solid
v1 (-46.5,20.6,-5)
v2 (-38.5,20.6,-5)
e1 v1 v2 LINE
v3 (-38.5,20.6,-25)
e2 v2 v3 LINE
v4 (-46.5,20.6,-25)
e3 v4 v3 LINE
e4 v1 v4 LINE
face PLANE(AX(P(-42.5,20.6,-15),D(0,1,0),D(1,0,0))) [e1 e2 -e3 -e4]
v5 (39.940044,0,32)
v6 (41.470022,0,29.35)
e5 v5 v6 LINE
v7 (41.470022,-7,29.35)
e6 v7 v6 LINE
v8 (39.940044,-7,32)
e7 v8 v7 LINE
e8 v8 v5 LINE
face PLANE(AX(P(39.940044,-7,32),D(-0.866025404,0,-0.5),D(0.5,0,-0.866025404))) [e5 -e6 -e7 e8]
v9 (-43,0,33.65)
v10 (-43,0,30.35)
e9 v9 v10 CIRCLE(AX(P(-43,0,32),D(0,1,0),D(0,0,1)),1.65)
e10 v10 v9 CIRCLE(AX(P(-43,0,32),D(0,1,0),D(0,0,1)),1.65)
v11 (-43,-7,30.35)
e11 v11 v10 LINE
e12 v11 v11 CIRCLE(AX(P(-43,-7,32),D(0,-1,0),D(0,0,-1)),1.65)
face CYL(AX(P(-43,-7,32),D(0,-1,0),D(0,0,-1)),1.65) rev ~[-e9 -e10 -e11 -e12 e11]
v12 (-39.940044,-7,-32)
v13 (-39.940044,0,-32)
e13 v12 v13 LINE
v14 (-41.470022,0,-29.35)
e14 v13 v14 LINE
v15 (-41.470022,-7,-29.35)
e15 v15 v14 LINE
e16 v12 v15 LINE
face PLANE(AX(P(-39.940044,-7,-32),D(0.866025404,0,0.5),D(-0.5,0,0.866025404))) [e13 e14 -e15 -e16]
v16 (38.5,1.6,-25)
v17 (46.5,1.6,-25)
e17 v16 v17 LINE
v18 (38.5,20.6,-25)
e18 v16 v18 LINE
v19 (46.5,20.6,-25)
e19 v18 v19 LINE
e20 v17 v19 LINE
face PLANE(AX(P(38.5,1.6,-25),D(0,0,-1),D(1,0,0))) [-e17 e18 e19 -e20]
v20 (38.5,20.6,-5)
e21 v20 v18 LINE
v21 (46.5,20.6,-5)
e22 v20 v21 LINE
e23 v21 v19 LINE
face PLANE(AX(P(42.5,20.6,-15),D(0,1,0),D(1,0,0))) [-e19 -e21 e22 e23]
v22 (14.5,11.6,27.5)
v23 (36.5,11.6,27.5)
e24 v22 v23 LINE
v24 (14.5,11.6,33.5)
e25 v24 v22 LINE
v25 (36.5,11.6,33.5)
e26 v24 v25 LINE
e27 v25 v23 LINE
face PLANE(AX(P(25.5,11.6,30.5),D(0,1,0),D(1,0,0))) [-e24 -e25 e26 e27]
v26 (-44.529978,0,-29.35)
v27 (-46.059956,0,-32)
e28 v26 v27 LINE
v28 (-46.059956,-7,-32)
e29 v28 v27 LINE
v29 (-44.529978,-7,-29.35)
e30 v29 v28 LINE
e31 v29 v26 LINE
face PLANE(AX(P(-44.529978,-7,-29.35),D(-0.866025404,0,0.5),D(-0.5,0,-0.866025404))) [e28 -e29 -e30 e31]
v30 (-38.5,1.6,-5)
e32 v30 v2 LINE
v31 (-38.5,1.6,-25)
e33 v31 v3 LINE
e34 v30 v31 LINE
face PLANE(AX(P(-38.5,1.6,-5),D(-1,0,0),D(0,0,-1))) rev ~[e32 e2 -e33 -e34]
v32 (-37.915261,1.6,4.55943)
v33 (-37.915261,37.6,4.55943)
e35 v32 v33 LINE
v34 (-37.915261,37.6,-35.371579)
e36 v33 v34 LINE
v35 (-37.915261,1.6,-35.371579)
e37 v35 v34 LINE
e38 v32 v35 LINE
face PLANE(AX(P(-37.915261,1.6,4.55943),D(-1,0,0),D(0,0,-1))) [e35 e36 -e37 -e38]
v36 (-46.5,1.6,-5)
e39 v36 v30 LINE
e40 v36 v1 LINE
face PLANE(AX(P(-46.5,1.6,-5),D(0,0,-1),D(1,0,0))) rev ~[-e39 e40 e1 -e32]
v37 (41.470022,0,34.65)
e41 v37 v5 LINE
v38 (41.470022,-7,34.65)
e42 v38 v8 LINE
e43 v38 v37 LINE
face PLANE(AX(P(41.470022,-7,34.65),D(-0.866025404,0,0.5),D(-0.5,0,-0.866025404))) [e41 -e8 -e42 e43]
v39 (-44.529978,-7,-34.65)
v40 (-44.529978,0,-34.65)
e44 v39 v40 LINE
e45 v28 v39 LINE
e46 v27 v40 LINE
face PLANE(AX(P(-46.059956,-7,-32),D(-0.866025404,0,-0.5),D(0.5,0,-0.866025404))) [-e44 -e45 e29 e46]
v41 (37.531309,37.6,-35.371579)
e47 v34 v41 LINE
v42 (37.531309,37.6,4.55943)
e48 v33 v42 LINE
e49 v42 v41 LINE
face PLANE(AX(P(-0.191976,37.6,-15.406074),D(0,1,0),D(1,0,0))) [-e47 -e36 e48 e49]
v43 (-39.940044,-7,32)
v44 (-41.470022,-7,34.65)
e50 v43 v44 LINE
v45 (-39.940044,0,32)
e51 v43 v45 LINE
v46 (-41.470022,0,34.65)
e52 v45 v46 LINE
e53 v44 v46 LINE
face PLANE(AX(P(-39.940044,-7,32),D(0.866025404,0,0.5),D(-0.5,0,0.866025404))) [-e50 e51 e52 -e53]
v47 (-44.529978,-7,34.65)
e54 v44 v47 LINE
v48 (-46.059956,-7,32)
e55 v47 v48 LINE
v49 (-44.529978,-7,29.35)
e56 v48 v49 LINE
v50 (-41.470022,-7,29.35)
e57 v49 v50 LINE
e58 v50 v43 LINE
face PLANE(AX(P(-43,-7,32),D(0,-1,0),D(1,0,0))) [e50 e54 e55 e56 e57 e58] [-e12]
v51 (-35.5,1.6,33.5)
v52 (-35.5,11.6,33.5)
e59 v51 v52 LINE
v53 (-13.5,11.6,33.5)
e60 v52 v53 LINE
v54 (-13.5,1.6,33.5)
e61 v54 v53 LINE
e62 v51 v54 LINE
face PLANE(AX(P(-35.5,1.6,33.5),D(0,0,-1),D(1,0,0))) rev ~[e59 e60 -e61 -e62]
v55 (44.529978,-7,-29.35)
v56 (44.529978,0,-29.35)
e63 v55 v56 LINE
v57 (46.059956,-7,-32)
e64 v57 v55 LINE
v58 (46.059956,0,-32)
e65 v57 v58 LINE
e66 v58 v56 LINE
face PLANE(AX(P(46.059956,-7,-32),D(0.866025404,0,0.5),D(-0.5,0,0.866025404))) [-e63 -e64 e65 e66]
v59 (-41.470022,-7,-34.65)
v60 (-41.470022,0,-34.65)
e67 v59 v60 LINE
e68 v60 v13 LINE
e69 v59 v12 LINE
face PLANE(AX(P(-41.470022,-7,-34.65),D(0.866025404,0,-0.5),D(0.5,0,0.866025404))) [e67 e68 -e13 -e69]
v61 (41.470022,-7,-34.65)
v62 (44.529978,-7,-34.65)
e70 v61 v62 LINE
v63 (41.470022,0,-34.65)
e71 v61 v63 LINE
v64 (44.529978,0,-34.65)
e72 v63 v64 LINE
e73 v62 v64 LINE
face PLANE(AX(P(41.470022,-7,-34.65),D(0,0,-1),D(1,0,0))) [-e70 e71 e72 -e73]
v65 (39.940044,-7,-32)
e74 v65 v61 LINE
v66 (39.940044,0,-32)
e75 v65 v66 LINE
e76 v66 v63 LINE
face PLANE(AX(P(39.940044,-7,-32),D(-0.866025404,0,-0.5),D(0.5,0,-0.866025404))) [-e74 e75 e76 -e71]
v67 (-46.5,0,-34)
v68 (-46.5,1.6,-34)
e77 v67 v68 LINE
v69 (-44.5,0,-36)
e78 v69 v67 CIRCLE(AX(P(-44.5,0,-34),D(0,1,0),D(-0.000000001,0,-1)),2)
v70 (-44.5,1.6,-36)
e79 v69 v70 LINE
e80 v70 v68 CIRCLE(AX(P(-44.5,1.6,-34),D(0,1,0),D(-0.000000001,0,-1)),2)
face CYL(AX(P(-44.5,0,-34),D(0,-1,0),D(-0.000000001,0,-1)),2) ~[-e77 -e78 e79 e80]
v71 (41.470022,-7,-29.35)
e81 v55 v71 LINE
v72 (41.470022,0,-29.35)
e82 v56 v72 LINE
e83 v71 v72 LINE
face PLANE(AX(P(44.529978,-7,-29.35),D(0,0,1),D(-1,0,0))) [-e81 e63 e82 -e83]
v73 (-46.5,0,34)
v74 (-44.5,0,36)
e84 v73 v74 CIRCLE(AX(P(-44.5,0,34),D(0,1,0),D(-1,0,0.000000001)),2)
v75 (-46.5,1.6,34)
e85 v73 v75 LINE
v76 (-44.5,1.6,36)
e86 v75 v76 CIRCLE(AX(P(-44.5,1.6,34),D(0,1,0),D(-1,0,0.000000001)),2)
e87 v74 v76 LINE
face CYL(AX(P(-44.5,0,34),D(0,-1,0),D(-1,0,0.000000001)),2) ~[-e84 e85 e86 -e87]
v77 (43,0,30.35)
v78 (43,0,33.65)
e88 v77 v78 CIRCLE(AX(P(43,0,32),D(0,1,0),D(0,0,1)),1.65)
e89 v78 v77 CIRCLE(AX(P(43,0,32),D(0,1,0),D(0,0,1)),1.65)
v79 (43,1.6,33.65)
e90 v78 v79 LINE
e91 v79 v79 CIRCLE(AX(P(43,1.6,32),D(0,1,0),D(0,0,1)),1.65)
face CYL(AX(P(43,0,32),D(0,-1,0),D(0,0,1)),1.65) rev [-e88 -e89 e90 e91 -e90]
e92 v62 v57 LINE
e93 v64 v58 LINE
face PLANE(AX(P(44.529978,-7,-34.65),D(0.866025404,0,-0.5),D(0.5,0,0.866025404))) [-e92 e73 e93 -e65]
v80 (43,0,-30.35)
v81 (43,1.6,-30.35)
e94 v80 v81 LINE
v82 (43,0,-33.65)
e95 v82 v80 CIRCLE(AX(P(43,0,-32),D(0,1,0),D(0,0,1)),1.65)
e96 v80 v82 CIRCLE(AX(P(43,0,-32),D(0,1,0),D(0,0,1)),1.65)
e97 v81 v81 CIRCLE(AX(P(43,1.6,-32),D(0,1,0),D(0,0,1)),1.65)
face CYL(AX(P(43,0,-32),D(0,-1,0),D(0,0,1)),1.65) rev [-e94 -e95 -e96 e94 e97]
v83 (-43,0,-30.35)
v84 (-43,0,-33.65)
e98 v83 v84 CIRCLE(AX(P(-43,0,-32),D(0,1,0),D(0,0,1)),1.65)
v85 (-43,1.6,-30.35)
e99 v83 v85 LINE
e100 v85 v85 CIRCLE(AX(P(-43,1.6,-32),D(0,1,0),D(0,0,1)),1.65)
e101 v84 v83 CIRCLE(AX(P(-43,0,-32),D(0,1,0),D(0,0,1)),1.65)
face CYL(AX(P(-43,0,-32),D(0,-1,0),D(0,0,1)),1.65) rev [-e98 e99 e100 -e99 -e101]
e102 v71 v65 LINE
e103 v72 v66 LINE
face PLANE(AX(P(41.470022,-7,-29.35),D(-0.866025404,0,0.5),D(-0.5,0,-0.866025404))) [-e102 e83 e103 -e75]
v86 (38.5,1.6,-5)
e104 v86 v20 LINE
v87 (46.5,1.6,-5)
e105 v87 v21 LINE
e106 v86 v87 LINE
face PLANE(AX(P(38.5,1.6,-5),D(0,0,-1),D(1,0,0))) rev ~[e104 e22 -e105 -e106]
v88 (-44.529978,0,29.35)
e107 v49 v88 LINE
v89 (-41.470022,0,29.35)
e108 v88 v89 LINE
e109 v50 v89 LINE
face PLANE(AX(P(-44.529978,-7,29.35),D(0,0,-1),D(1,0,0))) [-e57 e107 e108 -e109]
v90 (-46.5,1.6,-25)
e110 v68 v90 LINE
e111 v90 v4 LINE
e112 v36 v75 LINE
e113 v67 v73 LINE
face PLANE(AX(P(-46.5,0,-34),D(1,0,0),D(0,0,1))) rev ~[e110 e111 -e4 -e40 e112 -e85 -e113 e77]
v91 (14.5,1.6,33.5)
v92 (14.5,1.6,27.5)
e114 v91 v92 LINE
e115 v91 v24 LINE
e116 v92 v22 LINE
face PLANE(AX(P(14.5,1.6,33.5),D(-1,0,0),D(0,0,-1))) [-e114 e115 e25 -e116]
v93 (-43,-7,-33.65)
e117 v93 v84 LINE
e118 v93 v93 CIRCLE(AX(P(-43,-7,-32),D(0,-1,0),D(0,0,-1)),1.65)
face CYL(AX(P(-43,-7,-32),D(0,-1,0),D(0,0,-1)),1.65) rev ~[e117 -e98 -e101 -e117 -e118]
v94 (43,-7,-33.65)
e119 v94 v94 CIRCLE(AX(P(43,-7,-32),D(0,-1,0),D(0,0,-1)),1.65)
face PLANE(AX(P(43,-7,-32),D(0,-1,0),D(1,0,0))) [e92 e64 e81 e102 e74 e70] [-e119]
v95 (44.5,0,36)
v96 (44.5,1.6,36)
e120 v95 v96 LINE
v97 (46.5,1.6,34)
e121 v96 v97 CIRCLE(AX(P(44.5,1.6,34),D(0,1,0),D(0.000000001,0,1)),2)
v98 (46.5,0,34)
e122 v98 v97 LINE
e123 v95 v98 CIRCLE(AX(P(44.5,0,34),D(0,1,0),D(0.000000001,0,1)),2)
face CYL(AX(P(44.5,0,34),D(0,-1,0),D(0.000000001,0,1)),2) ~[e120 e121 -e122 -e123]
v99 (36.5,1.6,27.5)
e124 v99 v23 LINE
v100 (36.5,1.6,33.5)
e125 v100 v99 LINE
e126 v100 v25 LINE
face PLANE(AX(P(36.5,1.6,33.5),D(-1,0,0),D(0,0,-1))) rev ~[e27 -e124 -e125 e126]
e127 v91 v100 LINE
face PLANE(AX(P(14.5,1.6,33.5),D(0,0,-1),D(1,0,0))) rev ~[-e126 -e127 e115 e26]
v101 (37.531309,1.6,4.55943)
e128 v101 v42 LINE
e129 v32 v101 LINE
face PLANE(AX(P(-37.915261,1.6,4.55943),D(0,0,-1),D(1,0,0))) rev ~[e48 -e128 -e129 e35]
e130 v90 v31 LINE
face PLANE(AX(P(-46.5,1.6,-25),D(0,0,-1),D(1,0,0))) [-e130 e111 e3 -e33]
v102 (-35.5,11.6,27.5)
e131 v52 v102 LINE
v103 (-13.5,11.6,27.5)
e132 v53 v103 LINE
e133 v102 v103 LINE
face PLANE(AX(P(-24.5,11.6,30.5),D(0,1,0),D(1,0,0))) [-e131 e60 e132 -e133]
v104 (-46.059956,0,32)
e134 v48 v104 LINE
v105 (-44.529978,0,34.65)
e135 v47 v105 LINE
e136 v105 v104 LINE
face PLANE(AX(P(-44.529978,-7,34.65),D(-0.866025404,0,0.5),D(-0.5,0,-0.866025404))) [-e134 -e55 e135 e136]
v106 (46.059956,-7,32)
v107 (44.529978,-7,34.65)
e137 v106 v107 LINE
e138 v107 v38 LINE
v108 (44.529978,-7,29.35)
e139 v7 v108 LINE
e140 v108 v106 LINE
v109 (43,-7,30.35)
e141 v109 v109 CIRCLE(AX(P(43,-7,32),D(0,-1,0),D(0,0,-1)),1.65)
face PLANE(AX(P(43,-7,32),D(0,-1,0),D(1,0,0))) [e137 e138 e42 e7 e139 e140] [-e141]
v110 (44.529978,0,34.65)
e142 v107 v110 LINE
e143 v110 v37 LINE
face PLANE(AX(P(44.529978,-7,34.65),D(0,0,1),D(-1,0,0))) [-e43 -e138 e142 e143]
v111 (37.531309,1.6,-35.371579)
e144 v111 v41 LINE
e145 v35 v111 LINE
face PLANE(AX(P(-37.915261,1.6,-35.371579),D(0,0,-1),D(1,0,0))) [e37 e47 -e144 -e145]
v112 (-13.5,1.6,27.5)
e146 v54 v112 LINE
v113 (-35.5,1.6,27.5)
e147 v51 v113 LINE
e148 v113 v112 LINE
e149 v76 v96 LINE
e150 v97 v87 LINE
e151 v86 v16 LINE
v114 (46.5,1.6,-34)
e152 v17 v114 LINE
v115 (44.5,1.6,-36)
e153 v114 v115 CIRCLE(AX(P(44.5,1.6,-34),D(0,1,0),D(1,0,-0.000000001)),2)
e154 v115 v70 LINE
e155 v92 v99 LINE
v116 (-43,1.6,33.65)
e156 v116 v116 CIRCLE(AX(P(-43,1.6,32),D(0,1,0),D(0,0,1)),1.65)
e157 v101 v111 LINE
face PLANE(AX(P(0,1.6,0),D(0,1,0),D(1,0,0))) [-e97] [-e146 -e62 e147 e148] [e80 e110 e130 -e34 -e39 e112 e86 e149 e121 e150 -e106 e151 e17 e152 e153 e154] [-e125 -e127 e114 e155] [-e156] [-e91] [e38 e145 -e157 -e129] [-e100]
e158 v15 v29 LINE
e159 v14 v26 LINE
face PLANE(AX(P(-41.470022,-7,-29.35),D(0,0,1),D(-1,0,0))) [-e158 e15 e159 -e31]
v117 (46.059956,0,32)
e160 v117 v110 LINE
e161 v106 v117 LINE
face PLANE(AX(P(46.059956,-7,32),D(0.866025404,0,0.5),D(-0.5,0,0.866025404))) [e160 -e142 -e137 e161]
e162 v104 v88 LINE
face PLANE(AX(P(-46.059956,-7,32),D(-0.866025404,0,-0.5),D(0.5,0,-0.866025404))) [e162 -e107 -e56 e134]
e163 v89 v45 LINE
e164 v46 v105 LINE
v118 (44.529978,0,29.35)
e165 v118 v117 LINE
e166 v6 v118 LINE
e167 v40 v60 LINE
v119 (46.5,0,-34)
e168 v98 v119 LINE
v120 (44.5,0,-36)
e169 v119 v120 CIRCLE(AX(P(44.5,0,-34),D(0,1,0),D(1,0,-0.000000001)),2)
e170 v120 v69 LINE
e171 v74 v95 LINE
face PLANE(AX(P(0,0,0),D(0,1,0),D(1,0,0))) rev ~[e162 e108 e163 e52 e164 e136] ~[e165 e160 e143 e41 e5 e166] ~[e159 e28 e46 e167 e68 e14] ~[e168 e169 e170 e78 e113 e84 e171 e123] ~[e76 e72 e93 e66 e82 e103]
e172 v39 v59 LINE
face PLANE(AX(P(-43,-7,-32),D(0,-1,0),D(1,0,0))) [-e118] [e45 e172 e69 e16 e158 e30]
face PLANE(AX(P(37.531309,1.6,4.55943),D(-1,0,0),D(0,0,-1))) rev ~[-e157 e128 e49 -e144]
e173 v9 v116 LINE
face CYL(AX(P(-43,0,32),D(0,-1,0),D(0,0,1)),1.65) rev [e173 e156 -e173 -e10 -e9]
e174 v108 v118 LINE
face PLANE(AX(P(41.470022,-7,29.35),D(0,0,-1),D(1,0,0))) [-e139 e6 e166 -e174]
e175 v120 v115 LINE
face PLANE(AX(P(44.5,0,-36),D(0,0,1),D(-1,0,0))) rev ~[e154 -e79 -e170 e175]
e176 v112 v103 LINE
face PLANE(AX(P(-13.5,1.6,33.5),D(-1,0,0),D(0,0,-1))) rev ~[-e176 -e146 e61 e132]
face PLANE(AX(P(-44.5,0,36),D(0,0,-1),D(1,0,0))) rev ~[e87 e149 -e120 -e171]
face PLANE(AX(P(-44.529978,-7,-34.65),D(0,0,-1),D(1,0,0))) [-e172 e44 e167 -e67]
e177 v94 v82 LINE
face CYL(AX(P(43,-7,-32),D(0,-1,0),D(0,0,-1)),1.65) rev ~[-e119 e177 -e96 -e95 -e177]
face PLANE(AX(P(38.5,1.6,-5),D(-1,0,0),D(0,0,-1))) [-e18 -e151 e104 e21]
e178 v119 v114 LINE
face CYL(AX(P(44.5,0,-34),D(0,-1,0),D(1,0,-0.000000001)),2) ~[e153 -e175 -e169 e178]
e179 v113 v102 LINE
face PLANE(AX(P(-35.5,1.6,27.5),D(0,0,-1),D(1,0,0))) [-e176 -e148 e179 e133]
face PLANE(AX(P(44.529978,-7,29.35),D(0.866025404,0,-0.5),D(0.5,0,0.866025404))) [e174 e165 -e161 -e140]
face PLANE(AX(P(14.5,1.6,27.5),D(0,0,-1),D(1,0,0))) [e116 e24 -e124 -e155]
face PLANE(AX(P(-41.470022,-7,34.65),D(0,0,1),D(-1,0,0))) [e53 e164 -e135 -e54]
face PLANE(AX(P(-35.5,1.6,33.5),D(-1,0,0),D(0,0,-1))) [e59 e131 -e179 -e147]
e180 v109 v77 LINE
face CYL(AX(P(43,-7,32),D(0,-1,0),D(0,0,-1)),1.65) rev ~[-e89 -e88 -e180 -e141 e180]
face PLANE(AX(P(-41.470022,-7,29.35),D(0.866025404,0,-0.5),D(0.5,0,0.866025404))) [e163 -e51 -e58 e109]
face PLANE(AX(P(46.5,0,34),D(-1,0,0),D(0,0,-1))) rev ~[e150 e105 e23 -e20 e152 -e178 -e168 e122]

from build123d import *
from build123d.topology import SkipClean

# Parameters (mm, degrees)
SKETCH_1_R      = 1.65
EXTRUDE_1_DEPTH = 1.6
SKETCH_2_W      = 22
SKETCH_2_H      = 6
EXTRUDE_2_DEPTH = 10
SKETCH_3_W      = 75.446569178
SKETCH_3_H      = 39.931008624
EXTRUDE_3_DEPTH = 36
SKETCH_4_W      = 8
SKETCH_4_H      = 20
EXTRUDE_4_DEPTH = 19
EXTRUDE_START   = 7
SKETCH_5_R      = 1.65
EXTRUDE_5_DEPTH = 7


with BuildPart() as part:
    # 草图1 → 凸台-拉伸1 (new body)
    with BuildSketch(Plane(origin=(0, 0, 0), x_dir=(1, 0, 0), z_dir=(0, 1, 0))):
        with BuildLine():
            Line((-44.5, -36), (44.5, -36))
            ThreePointArc((44.5, -36), (45.914213562, -35.414213562), (46.5, -34))
            Line((46.5, -34), (46.5, 34))
            ThreePointArc((46.5, 34), (45.914213562, 35.414213562), (44.5, 36))
            Line((44.5, 36), (-44.5, 36))
            ThreePointArc((-44.5, 36), (-45.914213562, 35.414213562), (-46.5, 34))
            Line((-46.5, 34), (-46.5, -34))
            ThreePointArc((-46.5, -34), (-45.914213562, -35.414213562), (-44.5, -36))
        make_face()
        with Locations(Location((-43, 32, 0), (0, 0, 270))):
            Circle(SKETCH_1_R, mode=Mode.SUBTRACT)
        with Locations(Location((43, 32, 0), (0, 0, 270))):
            Circle(SKETCH_1_R, mode=Mode.SUBTRACT)
        with Locations(Location((43, -32, 0), (0, 0, 270))):
            Circle(SKETCH_1_R, mode=Mode.SUBTRACT)
        with Locations(Location((-43, -32, 0), (0, 0, 270))):
            Circle(SKETCH_1_R, mode=Mode.SUBTRACT)
    extrude(amount=EXTRUDE_1_DEPTH)

    # 草图2 → 凸台-拉伸2 (add)
    with BuildSketch(Plane(origin=(0, 1.6, 0), x_dir=(1, 0, 0), z_dir=(0, 1, 0))):
        with Locations((-24.5, -30.5)):
            Rectangle(SKETCH_2_W, SKETCH_2_H)
        with Locations((25.5, -30.5)):
            Rectangle(SKETCH_2_W, SKETCH_2_H)
    extrude(amount=EXTRUDE_2_DEPTH)

    # 草图3 → 凸台-拉伸3 (add)
    with BuildSketch(Plane(origin=(0, 1.6, 0), x_dir=(1, 0, 0), z_dir=(0, 1, 0))):
        with Locations((-0.191976003, 15.406074241)):
            Rectangle(SKETCH_3_W, SKETCH_3_H)
    extrude(amount=EXTRUDE_3_DEPTH)

    # 草图4 → 凸台-拉伸4 (add)
    with BuildSketch(Plane(origin=(0, 1.6, 0), x_dir=(1, 0, 0), z_dir=(0, 1, 0))):
        with Locations((-42.5, 15)):
            Rectangle(SKETCH_4_W, SKETCH_4_H)
        with Locations((42.5, 15)):
            Rectangle(SKETCH_4_W, SKETCH_4_H)
    extrude(amount=EXTRUDE_4_DEPTH)

    # 草图5 → 凸台-拉伸5 (add)
    # profile 1 of 4: a face of its own
    with SkipClean():  # the faces are left unmerged after this step: merging them gives an invalid solid
        with BuildSketch(Plane.XZ.offset(EXTRUDE_START)):
            Polygon((39.940043573, -32), (41.470021787, -34.65), (44.529978213, -34.65), (46.059956427, -32), (44.529978213, -29.35), (41.470021787, -29.35), align=None)
            with Locations(Location((43, -32, 0), (0, 0, 270))):
                Circle(SKETCH_5_R, mode=Mode.SUBTRACT)
        # profile 2 of 4: a face of its own
        with BuildSketch(Plane.XZ.offset(EXTRUDE_START)):
            Polygon((-39.940043573, -32), (-41.470021787, -29.35), (-44.529978213, -29.35), (-46.059956427, -32), (-44.529978213, -34.65), (-41.470021787, -34.65), align=None)
            with Locations(Location((-43, -32, 0), (0, 0, 270))):
                Circle(SKETCH_5_R, mode=Mode.SUBTRACT)
        # profile 3 of 4: a face of its own
        with BuildSketch(Plane.XZ.offset(EXTRUDE_START)):
            Polygon((-39.940043573, 32), (-41.470021787, 34.65), (-44.529978213, 34.65), (-46.059956427, 32), (-44.529978213, 29.35), (-41.470021787, 29.35), align=None)
            with Locations(Location((-43, 32, 0), (0, 0, 270))):
                Circle(SKETCH_5_R, mode=Mode.SUBTRACT)
        # profile 4 of 4: a face of its own
        with BuildSketch(Plane.XZ.offset(EXTRUDE_START)):
            Polygon((39.940043573, 32), (41.470021787, 29.35), (44.529978213, 29.35), (46.059956427, 32), (44.529978213, 34.65), (41.470021787, 34.65), align=None)
            with Locations(Location((43, 32, 0), (0, 0, 270))):
                Circle(SKETCH_5_R, mode=Mode.SUBTRACT)
        extrude(amount=-EXTRUDE_5_DEPTH)


solid = part.part
